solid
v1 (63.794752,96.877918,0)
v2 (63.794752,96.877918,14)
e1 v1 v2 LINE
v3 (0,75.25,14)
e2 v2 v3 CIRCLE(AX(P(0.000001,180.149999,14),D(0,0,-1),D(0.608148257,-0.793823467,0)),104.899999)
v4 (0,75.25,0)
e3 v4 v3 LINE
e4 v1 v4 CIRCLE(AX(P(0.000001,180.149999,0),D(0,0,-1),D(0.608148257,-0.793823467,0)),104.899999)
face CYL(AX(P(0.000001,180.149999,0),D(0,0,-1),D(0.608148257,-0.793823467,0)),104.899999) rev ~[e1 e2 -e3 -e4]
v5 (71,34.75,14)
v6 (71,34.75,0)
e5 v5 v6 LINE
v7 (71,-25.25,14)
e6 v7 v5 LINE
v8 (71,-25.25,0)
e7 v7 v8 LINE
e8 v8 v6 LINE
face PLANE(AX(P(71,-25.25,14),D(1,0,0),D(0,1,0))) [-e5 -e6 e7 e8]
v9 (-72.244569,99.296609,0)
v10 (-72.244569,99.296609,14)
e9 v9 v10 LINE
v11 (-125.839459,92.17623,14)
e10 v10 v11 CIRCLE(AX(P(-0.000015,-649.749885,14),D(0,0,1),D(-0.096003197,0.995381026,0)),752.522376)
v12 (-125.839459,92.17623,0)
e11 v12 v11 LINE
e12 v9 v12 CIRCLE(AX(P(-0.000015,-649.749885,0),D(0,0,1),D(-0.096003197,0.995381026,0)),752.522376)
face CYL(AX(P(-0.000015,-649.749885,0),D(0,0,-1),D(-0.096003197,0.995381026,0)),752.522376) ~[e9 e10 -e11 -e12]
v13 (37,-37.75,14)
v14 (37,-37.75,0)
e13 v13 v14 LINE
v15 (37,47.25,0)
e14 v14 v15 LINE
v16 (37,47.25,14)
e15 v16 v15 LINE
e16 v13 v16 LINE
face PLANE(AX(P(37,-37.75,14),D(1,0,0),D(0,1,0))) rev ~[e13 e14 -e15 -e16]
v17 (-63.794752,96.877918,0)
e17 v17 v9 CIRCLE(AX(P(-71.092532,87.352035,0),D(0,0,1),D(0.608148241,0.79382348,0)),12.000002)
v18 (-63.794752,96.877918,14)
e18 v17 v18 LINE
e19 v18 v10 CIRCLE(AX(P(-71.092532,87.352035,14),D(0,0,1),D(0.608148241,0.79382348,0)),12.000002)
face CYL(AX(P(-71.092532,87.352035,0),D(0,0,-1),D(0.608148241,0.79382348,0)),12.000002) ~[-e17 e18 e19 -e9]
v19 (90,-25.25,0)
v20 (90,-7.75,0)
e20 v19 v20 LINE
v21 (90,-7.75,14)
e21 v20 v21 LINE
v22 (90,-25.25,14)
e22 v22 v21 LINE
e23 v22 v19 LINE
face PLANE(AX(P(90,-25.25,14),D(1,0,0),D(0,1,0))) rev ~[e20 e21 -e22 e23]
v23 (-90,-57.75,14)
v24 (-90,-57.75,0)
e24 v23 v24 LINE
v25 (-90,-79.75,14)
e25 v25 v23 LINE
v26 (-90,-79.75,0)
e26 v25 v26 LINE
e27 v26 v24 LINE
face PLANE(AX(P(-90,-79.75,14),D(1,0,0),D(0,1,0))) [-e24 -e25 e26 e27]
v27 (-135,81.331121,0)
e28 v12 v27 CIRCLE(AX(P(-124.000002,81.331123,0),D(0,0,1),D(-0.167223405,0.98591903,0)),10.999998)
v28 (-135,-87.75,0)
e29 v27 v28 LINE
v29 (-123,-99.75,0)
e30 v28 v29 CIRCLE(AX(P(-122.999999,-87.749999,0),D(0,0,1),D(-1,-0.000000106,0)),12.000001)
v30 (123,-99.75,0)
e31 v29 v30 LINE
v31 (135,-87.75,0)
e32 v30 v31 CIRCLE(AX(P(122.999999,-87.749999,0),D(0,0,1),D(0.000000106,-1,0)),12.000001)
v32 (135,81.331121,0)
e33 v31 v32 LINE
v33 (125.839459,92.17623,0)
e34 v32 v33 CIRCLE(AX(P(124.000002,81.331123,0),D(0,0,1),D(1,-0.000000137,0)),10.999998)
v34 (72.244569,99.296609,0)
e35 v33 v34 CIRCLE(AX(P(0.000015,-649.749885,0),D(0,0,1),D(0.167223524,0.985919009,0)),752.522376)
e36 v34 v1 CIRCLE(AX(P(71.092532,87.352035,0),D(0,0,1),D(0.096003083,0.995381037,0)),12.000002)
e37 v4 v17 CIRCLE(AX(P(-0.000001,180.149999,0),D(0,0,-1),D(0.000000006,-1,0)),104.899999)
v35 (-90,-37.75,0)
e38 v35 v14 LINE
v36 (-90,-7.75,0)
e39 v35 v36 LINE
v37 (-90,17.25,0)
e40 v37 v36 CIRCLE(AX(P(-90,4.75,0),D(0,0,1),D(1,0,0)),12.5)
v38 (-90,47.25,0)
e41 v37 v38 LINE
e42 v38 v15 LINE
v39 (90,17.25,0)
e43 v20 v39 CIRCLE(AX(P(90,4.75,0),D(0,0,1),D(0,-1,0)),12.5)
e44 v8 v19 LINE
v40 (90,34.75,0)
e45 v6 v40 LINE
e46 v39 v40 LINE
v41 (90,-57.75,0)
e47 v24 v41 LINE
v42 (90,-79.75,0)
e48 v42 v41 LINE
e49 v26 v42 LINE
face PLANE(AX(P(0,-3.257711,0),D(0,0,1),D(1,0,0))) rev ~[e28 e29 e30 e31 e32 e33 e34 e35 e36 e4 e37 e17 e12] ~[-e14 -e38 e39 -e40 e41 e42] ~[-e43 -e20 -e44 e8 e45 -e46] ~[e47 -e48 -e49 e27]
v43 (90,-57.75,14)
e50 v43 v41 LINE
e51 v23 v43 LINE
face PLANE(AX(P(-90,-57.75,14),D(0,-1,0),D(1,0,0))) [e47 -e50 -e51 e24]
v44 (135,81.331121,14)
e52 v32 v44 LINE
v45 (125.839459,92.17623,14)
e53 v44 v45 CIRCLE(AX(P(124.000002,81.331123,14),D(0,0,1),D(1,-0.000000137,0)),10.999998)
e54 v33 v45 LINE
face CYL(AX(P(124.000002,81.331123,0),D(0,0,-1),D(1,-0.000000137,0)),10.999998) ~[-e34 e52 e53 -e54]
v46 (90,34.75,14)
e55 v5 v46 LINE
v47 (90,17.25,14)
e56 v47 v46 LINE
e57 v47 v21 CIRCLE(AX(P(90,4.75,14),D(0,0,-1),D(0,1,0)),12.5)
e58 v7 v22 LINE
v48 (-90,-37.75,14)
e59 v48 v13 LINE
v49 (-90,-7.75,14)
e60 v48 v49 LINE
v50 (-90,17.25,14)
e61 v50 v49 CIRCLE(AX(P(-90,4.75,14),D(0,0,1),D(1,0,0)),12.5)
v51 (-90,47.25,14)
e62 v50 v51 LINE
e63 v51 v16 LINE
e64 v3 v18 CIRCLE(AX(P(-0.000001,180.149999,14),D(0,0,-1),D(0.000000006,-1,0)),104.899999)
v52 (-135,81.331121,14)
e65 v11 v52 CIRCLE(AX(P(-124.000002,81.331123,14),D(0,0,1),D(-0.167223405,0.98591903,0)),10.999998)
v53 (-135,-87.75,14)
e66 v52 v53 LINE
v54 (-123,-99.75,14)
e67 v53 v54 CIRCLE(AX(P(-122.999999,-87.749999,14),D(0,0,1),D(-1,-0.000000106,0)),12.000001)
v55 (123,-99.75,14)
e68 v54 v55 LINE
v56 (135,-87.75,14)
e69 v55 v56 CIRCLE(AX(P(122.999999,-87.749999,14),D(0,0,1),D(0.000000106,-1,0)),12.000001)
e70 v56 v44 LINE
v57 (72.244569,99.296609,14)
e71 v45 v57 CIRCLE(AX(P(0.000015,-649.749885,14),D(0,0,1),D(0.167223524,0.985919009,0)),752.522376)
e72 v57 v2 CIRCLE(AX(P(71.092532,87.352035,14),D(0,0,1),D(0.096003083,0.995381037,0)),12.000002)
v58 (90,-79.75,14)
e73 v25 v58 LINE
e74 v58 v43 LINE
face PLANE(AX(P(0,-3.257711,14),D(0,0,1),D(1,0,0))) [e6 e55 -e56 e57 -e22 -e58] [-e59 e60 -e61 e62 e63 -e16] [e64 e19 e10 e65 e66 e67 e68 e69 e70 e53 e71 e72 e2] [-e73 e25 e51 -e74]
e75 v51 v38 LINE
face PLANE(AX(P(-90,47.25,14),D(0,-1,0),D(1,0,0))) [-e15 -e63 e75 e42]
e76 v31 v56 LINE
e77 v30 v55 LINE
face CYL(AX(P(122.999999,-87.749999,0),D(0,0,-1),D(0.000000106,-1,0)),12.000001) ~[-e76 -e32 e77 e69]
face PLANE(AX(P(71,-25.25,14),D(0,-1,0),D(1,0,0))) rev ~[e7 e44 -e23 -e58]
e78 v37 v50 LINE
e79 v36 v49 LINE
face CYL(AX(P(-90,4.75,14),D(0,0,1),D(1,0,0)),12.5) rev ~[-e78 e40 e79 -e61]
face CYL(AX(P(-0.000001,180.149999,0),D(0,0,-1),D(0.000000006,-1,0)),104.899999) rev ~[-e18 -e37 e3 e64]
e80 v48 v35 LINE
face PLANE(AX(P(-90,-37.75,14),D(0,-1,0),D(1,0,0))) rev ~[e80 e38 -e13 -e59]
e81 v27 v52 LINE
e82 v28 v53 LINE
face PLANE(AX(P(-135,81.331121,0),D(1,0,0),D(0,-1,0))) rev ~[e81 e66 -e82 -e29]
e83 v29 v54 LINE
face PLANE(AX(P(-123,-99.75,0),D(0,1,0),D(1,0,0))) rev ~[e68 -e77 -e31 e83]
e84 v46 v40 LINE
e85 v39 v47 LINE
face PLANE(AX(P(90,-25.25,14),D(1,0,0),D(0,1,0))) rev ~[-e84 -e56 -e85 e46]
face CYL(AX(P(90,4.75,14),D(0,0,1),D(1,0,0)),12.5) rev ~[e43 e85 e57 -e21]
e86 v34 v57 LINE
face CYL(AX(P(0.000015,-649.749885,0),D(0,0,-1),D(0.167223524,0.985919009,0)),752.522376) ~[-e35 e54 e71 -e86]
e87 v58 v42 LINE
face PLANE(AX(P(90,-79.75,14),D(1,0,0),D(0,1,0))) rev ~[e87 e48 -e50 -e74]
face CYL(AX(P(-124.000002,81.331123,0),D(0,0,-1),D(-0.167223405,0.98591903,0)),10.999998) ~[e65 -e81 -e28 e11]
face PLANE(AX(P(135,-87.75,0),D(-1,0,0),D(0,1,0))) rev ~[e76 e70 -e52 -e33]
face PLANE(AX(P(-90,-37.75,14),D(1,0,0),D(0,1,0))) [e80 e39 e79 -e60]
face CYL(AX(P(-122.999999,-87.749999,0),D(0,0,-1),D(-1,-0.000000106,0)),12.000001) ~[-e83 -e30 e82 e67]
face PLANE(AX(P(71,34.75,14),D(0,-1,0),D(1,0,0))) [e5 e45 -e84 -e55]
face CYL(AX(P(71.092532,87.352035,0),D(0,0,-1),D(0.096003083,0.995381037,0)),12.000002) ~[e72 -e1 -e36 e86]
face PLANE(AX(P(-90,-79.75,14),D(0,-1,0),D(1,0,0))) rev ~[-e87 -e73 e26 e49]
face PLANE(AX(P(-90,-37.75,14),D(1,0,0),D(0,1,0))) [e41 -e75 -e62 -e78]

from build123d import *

# Parameters (mm, degrees)
F1_DEPTH = 14
F2_W     = 127
F2_H     = 85
F2_W_2   = 180
F2_H_2   = 22
F2_W_3   = 19
F2_H_3   = 60
F3_DEPTH = 25
F4_R     = 12.5
F5_DEPTH = 25


with BuildPart() as f1:
    # F0 (on Top) → F1 (new body)
    with BuildSketch(Plane.XY):
        with BuildLine():
            ThreePointArc((-135, -87.75), (-131.485281, -96.235281), (-123, -99.75))
            Line((-123, -99.75), (123, -99.75))
            ThreePointArc((123, -99.75), (131.485281, -96.235281), (135, -87.75))
            Line((135, -87.75), (135, 81.331121))
            ThreePointArc((135, 81.331121), (132.403394, 88.429218), (125.839459, 92.17623))
            ThreePointArc((125.839459, 92.17623), (99.105981, 96.217898), (72.244569, 99.296609))
            ThreePointArc((72.244569, 99.296609), (67.790252, 98.888715), (63.794752, 96.877918))
            ThreePointArc((63.794752, 96.877918), (33.680622, 80.80401), (0, 75.25))
            ThreePointArc((0, 75.25), (-33.680622, 80.80401), (-63.794752, 96.877918))
            ThreePointArc((-63.794752, 96.877918), (-67.790252, 98.888715), (-72.244569, 99.296609))
            ThreePointArc((-72.244569, 99.296609), (-99.105981, 96.217898), (-125.839459, 92.17623))
            ThreePointArc((-125.839459, 92.17623), (-132.403394, 88.429218), (-135, 81.331121))
            Line((-135, 81.331121), (-135, -87.75))
        make_face()
    extrude(amount=F1_DEPTH)

    # F2 (on face) → F3 (cut)
    with BuildSketch(Plane.XY.offset(14)):
        with Locations((-26.5, 4.75)):
            Rectangle(F2_W, F2_H)
        with Locations((0, -68.75)):
            Rectangle(F2_W_2, F2_H_2)
        with Locations((80.5, 4.75)):
            Rectangle(F2_W_3, F2_H_3)
    extrude(amount=-F3_DEPTH, mode=Mode.SUBTRACT)

    # F4 (on face) → F5 (cut)
    with BuildSketch(Plane.XY.offset(14)):
        with Locations((-90, 4.75)):
            Circle(F4_R)
        with Locations((90, 4.75)):
            Circle(F4_R)
    extrude(amount=-F5_DEPTH, mode=Mode.SUBTRACT)


solid = f1.part
